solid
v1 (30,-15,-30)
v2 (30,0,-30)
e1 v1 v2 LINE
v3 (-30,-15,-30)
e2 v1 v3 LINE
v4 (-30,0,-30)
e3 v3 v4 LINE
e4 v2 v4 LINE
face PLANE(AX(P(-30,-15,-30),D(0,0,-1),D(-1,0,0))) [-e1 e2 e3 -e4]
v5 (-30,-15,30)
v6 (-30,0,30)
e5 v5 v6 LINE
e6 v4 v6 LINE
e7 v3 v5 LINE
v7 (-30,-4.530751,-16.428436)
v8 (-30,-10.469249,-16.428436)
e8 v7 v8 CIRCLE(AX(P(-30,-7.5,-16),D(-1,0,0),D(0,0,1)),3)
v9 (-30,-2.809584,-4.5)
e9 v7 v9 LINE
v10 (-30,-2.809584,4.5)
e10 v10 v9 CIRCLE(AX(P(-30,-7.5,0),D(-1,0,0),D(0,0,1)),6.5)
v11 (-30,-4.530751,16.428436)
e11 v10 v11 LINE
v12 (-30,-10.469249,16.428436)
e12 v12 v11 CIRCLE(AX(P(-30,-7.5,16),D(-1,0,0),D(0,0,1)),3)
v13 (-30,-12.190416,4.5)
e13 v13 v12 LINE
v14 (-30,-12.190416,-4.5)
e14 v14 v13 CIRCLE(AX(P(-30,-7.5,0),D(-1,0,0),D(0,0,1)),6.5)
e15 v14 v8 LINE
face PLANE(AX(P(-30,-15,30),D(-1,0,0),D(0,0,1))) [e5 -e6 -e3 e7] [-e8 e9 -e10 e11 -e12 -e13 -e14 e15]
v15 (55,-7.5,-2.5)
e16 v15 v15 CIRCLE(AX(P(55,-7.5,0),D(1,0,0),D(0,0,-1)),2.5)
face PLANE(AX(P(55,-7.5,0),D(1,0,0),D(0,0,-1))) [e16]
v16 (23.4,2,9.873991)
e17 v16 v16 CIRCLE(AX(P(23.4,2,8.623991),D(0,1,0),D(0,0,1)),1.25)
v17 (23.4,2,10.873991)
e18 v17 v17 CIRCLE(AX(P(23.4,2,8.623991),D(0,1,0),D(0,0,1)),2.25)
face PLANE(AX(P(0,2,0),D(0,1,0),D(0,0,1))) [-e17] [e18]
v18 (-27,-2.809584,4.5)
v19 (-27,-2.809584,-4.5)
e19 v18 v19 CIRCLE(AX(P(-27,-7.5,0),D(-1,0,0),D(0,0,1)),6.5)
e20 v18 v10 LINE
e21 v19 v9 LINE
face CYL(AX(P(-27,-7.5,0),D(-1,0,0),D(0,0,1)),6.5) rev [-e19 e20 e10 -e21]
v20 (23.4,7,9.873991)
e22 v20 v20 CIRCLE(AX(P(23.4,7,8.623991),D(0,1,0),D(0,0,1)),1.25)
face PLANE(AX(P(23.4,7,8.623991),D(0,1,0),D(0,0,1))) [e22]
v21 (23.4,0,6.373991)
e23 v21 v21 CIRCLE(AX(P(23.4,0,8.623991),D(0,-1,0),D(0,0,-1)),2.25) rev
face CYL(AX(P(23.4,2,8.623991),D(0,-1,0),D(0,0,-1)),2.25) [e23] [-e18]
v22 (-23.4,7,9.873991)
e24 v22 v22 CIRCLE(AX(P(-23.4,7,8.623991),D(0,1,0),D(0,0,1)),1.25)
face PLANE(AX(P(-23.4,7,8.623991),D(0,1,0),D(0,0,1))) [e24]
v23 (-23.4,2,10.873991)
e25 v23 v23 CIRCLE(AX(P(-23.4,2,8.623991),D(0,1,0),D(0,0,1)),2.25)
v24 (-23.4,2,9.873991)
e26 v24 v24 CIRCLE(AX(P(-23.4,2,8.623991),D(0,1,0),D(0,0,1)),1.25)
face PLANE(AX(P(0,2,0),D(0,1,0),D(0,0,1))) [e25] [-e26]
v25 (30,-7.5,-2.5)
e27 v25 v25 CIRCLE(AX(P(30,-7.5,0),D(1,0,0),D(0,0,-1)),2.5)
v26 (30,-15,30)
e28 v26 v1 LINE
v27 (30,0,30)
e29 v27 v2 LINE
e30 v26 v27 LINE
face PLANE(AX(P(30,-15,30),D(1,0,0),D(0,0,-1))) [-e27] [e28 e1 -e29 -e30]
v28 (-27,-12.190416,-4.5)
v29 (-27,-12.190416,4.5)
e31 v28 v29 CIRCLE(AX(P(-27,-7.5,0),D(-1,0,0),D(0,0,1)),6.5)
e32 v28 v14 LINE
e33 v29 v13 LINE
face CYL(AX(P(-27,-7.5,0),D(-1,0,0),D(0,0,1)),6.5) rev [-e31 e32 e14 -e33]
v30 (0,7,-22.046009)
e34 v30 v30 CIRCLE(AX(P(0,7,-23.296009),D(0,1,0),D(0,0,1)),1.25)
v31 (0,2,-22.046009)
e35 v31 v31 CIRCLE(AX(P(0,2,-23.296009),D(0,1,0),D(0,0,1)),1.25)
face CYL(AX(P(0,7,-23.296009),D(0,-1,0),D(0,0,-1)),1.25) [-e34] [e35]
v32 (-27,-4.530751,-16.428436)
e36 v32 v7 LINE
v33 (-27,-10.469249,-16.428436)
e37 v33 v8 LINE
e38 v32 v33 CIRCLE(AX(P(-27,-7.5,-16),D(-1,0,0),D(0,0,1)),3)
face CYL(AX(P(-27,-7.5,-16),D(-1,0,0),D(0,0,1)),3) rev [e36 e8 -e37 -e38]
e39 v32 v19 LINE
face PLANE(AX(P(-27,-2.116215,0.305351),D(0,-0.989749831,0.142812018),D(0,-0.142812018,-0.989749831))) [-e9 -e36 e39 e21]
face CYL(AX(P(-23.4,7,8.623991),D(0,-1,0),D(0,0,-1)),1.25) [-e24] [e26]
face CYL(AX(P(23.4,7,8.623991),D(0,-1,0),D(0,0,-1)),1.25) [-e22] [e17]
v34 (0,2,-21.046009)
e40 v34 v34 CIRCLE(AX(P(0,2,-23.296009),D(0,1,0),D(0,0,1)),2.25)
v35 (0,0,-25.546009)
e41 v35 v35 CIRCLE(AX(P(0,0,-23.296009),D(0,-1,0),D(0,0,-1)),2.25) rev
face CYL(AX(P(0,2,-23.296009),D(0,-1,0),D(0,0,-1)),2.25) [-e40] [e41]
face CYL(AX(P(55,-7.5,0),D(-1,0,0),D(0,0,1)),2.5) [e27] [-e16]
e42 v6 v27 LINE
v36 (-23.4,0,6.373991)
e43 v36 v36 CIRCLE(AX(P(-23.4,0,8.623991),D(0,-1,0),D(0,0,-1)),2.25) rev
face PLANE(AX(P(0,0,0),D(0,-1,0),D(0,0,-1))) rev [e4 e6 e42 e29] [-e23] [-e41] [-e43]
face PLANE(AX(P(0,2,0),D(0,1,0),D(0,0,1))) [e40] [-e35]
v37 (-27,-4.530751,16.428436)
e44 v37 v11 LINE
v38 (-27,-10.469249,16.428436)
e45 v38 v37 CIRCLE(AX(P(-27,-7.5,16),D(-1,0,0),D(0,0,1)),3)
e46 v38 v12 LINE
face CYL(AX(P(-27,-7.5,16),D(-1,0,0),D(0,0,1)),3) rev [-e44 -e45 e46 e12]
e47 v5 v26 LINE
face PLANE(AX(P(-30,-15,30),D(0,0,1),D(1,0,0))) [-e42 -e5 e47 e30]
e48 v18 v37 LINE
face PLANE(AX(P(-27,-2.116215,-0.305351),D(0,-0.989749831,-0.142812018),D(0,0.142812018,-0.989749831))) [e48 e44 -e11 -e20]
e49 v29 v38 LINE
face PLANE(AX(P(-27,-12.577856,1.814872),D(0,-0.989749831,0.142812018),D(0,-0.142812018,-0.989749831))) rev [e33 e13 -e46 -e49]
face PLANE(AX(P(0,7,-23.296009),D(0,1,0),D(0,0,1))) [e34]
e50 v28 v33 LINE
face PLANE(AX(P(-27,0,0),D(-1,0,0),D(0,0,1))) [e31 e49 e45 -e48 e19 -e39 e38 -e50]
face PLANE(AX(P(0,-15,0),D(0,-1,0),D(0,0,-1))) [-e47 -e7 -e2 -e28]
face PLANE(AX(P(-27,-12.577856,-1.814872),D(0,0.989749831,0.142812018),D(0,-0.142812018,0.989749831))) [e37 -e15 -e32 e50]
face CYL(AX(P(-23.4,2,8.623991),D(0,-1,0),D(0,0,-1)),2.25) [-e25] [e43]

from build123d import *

# Parameters (mm, degrees)
SKETCH2_W           = 60
SKETCH2_H           = 60
BOSS_EXTRUDE1_DEPTH = 15
CUT_EXTRUDE1_DEPTH  = 3
SKETCH1_R           = 2.25
BOSS_EXTRUDE2_DEPTH = 2
SKETCH4_R           = 1.25
BOSS_EXTRUDE3_DEPTH = 5
SKETCH5_R           = 2.5
BOSS_EXTRUDE4_DEPTH = 25


with BuildPart() as part:
    # Sketch2 → Boss-Extrude1 (new body)
    with BuildSketch(Plane(origin=(0, 0, 0), x_dir=(1, 0, 0), z_dir=(0, 1, 0))):
        Rectangle(SKETCH2_W, SKETCH2_H)
    extrude(amount=-BOSS_EXTRUDE1_DEPTH)

    # Sketch3 → Cut-Extrude1 (cut)
    with BuildSketch(Plane.ZY.offset(30)):
        with BuildLine():
            Line((-6.5, -7.5), (-13, -7.5))
            ThreePointArc((-13, -7.5), (-14.035987291, -9.767742066), (-16.428436053, -10.469249492))
            Line((-16.428436053, -10.469249492), (-4.5, -12.19041576))
            ThreePointArc((-4.5, -12.19041576), (-5.979130372, -10.049509757), (-6.5, -7.5))
        make_face()
        with BuildLine():
            ThreePointArc((-16.428436053, -10.469249492), (-14.035987291, -9.767742066), (-13, -7.5))
            Line((-13, -7.5), (-19, -7.5))
            ThreePointArc((-19, -7.5), (-18.267742066, -9.464012709), (-16.428436053, -10.469249492))
        make_face()
        with BuildLine():
            Line((-19, -7.5), (-13, -7.5))
            ThreePointArc((-13, -7.5), (-14.035987291, -5.232257934), (-16.428436053, -4.530750508))
            ThreePointArc((-16.428436053, -4.530750508), (-18.267742066, -5.535987291), (-19, -7.5))
        make_face()
        with BuildLine():
            ThreePointArc((-16.428436053, -4.530750508), (-14.035987291, -5.232257934), (-13, -7.5))
            Line((-13, -7.5), (-6.5, -7.5))
            ThreePointArc((-6.5, -7.5), (-5.979130372, -4.950490243), (-4.5, -2.80958424))
            Line((-4.5, -2.80958424), (-16.428436053, -4.530750508))
        make_face()
        with BuildLine():
            ThreePointArc((0, -12), (-3.18198051, -10.681980521), (-4.5, -7.500000016))
            Line((-4.5, -7.500000016), (-4.5, -12.19041576))
            ThreePointArc((-4.5, -12.19041576), (-2.425107994, -13.530659269), (0, -14))
            Line((0, -14), (0, -12))
        make_face()
        with BuildLine():
            Line((-4.5, -2.80958424), (-4.5, -7.500000016))
            ThreePointArc((-4.5, -7.500000016), (-3.181980521, -4.31801949), (0, -3))
            Line((0, -3), (0, -1))
            ThreePointArc((0, -1), (-2.425107994, -1.469340731), (-4.5, -2.80958424))
        make_face()
        with BuildLine():
            ThreePointArc((-4.5, -2.80958424), (-5.979130372, -4.950490243), (-6.5, -7.5))
            Line((-6.5, -7.5), (-4.5, -7.5))
            Line((-4.5, -7.500000016), (-4.5, -2.80958424))
        make_face()
        with BuildLine():
            Line((-4.5, -7.5), (-6.5, -7.5))
            ThreePointArc((-6.5, -7.5), (-5.979130372, -10.049509757), (-4.5, -12.19041576))
            Line((-4.5, -12.19041576), (-4.5, -7.500000016))
        make_face()
        with BuildLine():
            Line((0, -1), (0, -3))
            ThreePointArc((0, -3), (3.181980515, -4.318019485), (4.5, -7.5))
            Line((4.5, -7.5), (4.5, -2.80958424))
            ThreePointArc((4.5, -2.80958424), (2.425107994, -1.469340731), (0, -1))
        make_face()
        with BuildLine():
            ThreePointArc((4.5, -7.5), (3.181980515, -10.681980515), (0, -12))
            Line((0, -12), (0, -14))
            ThreePointArc((0, -14), (2.425107994, -13.530659269), (4.5, -12.19041576))
            Line((4.5, -12.19041576), (4.5, -7.5))
        make_face()
        with BuildLine():
            Line((0, -3), (0, -7.5))
            Line((0, -7.5), (4.5, -7.5))
            ThreePointArc((4.5, -7.5), (3.181980515, -4.318019485), (0, -3))
        make_face()
        with BuildLine():
            Line((4.5, -7.5), (0, -7.5))
            Line((0, -7.5), (0, -12))
            ThreePointArc((0, -12), (3.181980515, -10.681980515), (4.5, -7.5))
        make_face()
        with BuildLine():
            ThreePointArc((0, -3), (-3.181980521, -4.31801949), (-4.5, -7.500000016))
            Line((-4.5, -7.5), (0, -7.5))
            Line((0, -7.5), (0, -3))
        make_face()
        with BuildLine():
            Line((0, -7.5), (-4.5, -7.5))
            ThreePointArc((-4.5, -7.500000016), (-3.18198051, -10.681980521), (0, -12))
            Line((0, -12), (0, -7.5))
        make_face()
        with BuildLine():
            Line((4.5, -2.80958424), (4.5, -7.5))
            Line((4.5, -7.5), (6.5, -7.5))
            ThreePointArc((6.5, -7.5), (5.979130372, -4.950490243), (4.5, -2.80958424))
        make_face()
        with BuildLine():
            Line((6.5, -7.5), (4.5, -7.5))
            Line((4.5, -7.5), (4.5, -12.19041576))
            ThreePointArc((4.5, -12.19041576), (5.979130372, -10.049509757), (6.5, -7.5))
        make_face()
        with BuildLine():
            ThreePointArc((6.5, -7.5), (5.979130372, -10.049509757), (4.5, -12.19041576))
            Line((4.5, -12.19041576), (16.428436053, -10.469249492))
            ThreePointArc((16.428436053, -10.469249492), (14.035987291, -9.767742066), (13, -7.5))
            Line((13, -7.5), (6.5, -7.5))
        make_face()
        with BuildLine():
            Line((16.428436053, -4.530750508), (4.5, -2.80958424))
            ThreePointArc((4.5, -2.80958424), (5.979130372, -4.950490243), (6.5, -7.5))
            Line((6.5, -7.5), (13, -7.5))
            ThreePointArc((13, -7.5), (14.035987291, -5.232257934), (16.428436053, -4.530750508))
        make_face()
        with BuildLine():
            ThreePointArc((19, -7.5), (18.267742066, -5.535987291), (16.428436053, -4.530750508))
            ThreePointArc((16.428436053, -4.530750508), (14.035987291, -5.232257934), (13, -7.5))
            Line((13, -7.5), (19, -7.5))
        make_face()
        with BuildLine():
            ThreePointArc((13, -7.5), (14.035987291, -9.767742066), (16.428436053, -10.469249492))
            ThreePointArc((16.428436053, -10.469249492), (18.267742066, -9.464012709), (19, -7.5))
            Line((19, -7.5), (13, -7.5))
        make_face()
    extrude(amount=-CUT_EXTRUDE1_DEPTH, mode=Mode.SUBTRACT)

    # Sketch1 → Boss-Extrude2 (add)
    with BuildSketch(Plane(origin=(0, 0, 0), x_dir=(1, 0, 0), z_dir=(0, 1, 0))):
        with Locations(Location((-23.4, -8.623991148, 0), (0, 0, 90))):
            Circle(SKETCH1_R)
        with Locations(Location((0, 23.296008852, 0), (0, 0, 90))):
            Circle(SKETCH1_R)
        with Locations(Location((23.4, -8.623991148, 0), (0, 0, 90))):
            Circle(SKETCH1_R)
    extrude(amount=BOSS_EXTRUDE2_DEPTH)

    # Sketch4 → Boss-Extrude3 (add)
    with BuildSketch(Plane(origin=(0, 2, 0), x_dir=(1, 0, 0), z_dir=(0, 1, 0))):
        with Locations(Location((-23.4, -8.623991148, 0), (0, 0, 270))):
            Circle(SKETCH4_R)
        with Locations(Location((23.4, -8.623991148, 0), (0, 0, 270))):
            Circle(SKETCH4_R)
        with Locations(Location((0, 23.296008852, 0), (0, 0, 270))):
            Circle(SKETCH4_R)
    extrude(amount=BOSS_EXTRUDE3_DEPTH)

    # Sketch5 → Boss-Extrude4 (add)
    with BuildSketch(Plane(origin=(30, 0, 0), x_dir=(0, 0, -1), z_dir=(1, 0, 0))):
        with Locations((0, -7.5)):
            Circle(SKETCH5_R)
    extrude(amount=BOSS_EXTRUDE4_DEPTH)


solid = part.part
